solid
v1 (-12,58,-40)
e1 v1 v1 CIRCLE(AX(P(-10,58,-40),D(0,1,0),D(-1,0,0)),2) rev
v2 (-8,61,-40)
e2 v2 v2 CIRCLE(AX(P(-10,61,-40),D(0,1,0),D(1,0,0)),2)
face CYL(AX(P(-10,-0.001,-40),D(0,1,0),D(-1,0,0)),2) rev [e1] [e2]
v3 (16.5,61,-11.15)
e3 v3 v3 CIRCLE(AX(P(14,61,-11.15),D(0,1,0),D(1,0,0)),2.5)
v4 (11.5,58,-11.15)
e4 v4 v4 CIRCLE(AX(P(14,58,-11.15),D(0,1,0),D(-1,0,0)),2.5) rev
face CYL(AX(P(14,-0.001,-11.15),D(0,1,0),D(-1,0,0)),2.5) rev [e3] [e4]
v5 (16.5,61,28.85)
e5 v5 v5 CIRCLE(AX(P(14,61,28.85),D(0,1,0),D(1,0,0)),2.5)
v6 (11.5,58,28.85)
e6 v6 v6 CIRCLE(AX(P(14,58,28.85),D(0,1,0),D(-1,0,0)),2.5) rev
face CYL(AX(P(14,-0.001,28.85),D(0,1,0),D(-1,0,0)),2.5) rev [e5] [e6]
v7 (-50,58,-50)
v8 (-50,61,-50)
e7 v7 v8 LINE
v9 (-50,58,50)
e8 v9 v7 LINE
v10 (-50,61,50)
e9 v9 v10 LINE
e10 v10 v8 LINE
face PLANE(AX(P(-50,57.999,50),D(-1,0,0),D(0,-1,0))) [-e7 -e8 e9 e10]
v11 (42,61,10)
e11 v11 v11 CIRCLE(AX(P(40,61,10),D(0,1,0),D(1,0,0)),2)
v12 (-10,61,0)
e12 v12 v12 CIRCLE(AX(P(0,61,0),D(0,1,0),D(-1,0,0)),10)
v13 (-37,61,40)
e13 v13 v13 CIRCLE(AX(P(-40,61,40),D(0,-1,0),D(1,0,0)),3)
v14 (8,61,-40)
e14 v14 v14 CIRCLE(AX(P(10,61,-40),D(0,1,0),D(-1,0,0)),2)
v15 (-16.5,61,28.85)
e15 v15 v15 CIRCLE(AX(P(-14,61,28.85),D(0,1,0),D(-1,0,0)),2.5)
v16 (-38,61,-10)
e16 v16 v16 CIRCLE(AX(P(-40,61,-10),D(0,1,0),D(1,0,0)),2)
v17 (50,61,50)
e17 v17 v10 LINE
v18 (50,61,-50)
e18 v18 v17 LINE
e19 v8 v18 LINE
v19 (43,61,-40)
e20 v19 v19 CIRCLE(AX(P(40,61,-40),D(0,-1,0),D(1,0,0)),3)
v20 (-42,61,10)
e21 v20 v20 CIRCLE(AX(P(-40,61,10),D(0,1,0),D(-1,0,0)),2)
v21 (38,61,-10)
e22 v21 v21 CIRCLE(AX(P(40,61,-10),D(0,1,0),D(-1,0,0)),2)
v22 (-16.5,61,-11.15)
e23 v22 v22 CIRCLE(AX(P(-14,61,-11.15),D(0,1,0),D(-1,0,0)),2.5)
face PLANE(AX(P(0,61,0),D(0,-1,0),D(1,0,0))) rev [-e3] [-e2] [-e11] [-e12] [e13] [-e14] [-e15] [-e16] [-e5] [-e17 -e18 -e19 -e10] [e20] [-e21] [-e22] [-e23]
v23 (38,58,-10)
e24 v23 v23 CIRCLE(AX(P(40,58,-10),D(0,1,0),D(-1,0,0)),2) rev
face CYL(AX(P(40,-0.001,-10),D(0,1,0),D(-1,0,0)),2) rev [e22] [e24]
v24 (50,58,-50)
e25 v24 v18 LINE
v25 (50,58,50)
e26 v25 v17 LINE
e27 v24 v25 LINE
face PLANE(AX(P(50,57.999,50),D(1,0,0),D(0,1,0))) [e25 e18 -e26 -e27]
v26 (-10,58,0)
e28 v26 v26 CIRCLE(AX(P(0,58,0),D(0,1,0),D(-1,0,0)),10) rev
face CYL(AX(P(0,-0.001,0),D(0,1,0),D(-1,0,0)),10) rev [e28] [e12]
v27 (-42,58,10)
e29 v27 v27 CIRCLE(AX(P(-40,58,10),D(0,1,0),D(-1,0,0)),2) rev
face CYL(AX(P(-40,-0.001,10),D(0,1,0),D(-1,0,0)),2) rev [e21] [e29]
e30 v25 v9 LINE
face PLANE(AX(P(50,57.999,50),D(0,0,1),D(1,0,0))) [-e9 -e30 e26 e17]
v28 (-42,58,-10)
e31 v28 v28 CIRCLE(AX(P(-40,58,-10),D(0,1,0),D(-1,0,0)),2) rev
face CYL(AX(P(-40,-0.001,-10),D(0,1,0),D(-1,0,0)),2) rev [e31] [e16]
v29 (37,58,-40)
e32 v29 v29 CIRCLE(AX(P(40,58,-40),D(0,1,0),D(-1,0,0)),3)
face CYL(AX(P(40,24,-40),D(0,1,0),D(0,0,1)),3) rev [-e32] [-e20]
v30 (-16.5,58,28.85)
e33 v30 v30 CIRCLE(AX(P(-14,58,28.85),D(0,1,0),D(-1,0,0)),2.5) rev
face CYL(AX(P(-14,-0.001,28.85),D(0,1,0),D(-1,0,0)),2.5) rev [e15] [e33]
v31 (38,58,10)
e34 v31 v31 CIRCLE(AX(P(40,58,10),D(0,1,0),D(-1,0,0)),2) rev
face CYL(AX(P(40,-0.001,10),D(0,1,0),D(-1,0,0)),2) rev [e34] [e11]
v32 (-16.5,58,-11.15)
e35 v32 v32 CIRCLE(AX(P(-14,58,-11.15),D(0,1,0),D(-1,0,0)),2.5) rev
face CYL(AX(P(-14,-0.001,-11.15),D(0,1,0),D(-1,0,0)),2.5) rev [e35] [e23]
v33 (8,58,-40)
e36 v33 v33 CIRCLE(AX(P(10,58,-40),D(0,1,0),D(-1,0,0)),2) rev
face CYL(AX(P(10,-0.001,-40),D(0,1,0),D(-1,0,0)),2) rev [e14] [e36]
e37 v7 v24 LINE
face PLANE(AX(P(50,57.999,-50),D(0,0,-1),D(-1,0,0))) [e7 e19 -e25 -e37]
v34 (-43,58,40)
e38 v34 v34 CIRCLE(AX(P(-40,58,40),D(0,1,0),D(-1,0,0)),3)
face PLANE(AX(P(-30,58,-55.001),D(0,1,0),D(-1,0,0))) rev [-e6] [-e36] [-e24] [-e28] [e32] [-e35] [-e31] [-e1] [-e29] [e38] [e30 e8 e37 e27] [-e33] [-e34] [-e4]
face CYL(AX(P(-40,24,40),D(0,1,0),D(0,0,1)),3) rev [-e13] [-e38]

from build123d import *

# Parameters (mm, degrees)
SKETCH2_W               = 110
SKETCH2_H               = 110
SKETCH2_W_2             = 100
SKETCH2_H_2             = 100
BOSS_EXTRUDE1_DEPTH     = 89
SKETCH3_W               = 110
SKETCH3_H               = 110
BOSS_EXTRUDE2_DEPTH     = 8
CUT_EXTRUDE1_REACH      = 112
SKETCH6_W               = 60
SKETCH6_H               = 58
SKETCH9_W               = 110
SKETCH9_H               = 110
BOSS_EXTRUDE3_DEPTH     = 3
CUT_EXTRUDE2_REACH      = 63
SKETCH10_R              = 10
BOSS_EXTRUDE4_DEPTH     = 1.5
BOSS_EXTRUDE5_DEPTH     = 1.5
SKETCH14_R              = 3
CUT_EXTRUDE3_DEPTH      = 73
SKETCH15_W              = 2
SKETCH15_H              = 2
CUT_EXTRUDE4_DEPTH      = 113
CUT_EXTRUDE4_DEPTH_BACK = 13
CUT_EXTRUDE5_REACH      = 63
SKETCH16_R              = 2.5
SKETCH17_R              = 14
SKETCH17_R_2            = 11
BOSS_EXTRUDE6_DEPTH     = 7
CUT_EXTRUDE8_REACH      = 7
SKETCH20_R              = 2
SKETCH18_R              = 2
CUT_EXTRUDE6_DEPTH      = 73.5
CUT_EXTRUDE7_REACH      = 63
SKETCH19_R              = 2
SKETCH21_R              = 24
SKETCH21_R_2            = 21
BOSS_EXTRUDE7_DEPTH     = 5
SKETCH23_W              = 110
SKETCH23_H              = 110
CUT_EXTRUDE9_DEPTH      = 58
SKETCH24_W              = 110
SKETCH24_H              = 110
CUT_EXTRUDE10_DEPTH     = 34
CUT_EXTRUDE11_REACH     = 12
SKETCH25_W              = 110
SKETCH25_H              = 110
SKETCH25_W_2            = 100
SKETCH25_H_2            = 100
SKETCH26_R              = 14
CUT_EXTRUDE13_DEPTH     = 7


with BuildPart() as part:
    # Sketch2 → Boss-Extrude1 (new body)
    with BuildSketch(Plane(origin=(0, 0, 0), x_dir=(1, 0, 0), z_dir=(0, 1, 0))):
        Rectangle(SKETCH2_W, SKETCH2_H)
        Rectangle(SKETCH2_W_2, SKETCH2_H_2, mode=Mode.SUBTRACT)
    extrude(amount=BOSS_EXTRUDE1_DEPTH)

    # Sketch3 → Boss-Extrude2 (add)
    with BuildSketch(Plane(origin=(0, 89, 0), x_dir=(1, 0, 0), z_dir=(0, 1, 0))):
        Rectangle(SKETCH3_W, SKETCH3_H)
    extrude(amount=BOSS_EXTRUDE2_DEPTH)

    # Sketch6 → Cut-Extrude1 (cut, up to next)
    with BuildSketch(Plane.XY.offset(55), mode=Mode.PRIVATE) as cut_extrude1_sk1:
        with Locations((0, 29)):
            Rectangle(SKETCH6_W, SKETCH6_H)
    cut_extrude1_tool1 = extrude(cut_extrude1_sk1.sketch, amount=-CUT_EXTRUDE1_REACH, mode=Mode.PRIVATE) & part.part
    add(cut_extrude1_tool1.solids().sort_by_distance((0, 29, 55))[0], mode=Mode.SUBTRACT)

    # Sketch8 → Cut-Revolve1 (revolve, cut)
    with BuildSketch(Plane.XY):
        Polygon((0, 97), (-21, 97), (-21, 94.5), (-16.2, 94.5), (-16.2, 88.5), (0, 88.5), align=None)
    revolve(axis=Axis((0, 0, 0), (0, 1, 0)), mode=Mode.SUBTRACT)

    # Sketch9 → Boss-Extrude3 (add)
    with BuildSketch(Plane.XZ.offset(-58)):
        Rectangle(SKETCH9_W, SKETCH9_H)
    extrude(amount=-BOSS_EXTRUDE3_DEPTH)

    # Sketch10 → Cut-Extrude2 (cut, up to next)
    with BuildSketch(Plane(origin=(0, 61, 0), x_dir=(1, 0, 0), z_dir=(0, 1, 0)), mode=Mode.PRIVATE) as cut_extrude2_sk1:
        Circle(SKETCH10_R)
    cut_extrude2_tool1 = extrude(cut_extrude2_sk1.sketch, amount=-CUT_EXTRUDE2_REACH, mode=Mode.PRIVATE) & part.part
    add(cut_extrude2_tool1.solids().sort_by_distance((0, 61, 0))[0], mode=Mode.SUBTRACT)

    # Sketch11 → Boss-Extrude4 (add, symmetric)
    with BuildSketch(Plane.XY):
        Polygon((-50, 89), (-35, 89), (-50, 69), align=None)
    boss_extrude4 = extrude(amount=BOSS_EXTRUDE4_DEPTH, both=True)

    # Mirror1: Boss-Extrude4 across plane
    add(boss_extrude4.mirror(Plane(origin=(0, 0, 0), x_dir=(0, 0, 1), z_dir=(1, 0, 0))))

    # Sketch12 → Boss-Extrude5 (add, symmetric)
    with BuildSketch(Plane(origin=(0, 0, 0), x_dir=(0, 0, -1), z_dir=(1, 0, 0))):
        Polygon((-35, 89), (-50, 89), (-50, 69), align=None)
    boss_extrude5 = extrude(amount=BOSS_EXTRUDE5_DEPTH, both=True)

    # Mirror2: Boss-Extrude5 across plane
    add(boss_extrude5.mirror(Plane.XY))

    # Sketch14 → Cut-Extrude3 (cut)
    with BuildSketch(Plane(origin=(0, 97, 0), x_dir=(1, 0, 0), z_dir=(0, 1, 0))):
        with Locations((40, 40)):
            Circle(SKETCH14_R)
        with Locations((-40, -40)):
            Circle(SKETCH14_R)
    extrude(amount=-CUT_EXTRUDE3_DEPTH, mode=Mode.SUBTRACT)

    # Sketch15 → Cut-Extrude4 (cut, two sides)
    with BuildSketch(Plane(origin=(-50, 0, 0), x_dir=(0, 0, -1), z_dir=(1, 0, 0))) as cut_extrude4_sk:
        with Locations((-24, 62)):
            Rectangle(SKETCH15_W, SKETCH15_H)
        with Locations((24, 62)):
            Rectangle(SKETCH15_W, SKETCH15_H)
    extrude(amount=CUT_EXTRUDE4_DEPTH, mode=Mode.SUBTRACT)
    extrude(cut_extrude4_sk.sketch, amount=-CUT_EXTRUDE4_DEPTH_BACK, mode=Mode.SUBTRACT)

    # Sketch16 → Cut-Extrude5 (cut, up to next)
    with BuildSketch(Plane(origin=(0, 61, 0), x_dir=(1, 0, 0), z_dir=(0, 1, 0)), mode=Mode.PRIVATE) as cut_extrude5_sk1:
        with Locations((-14, 11.15)):
            Circle(SKETCH16_R)
    cut_extrude5_tool1 = extrude(cut_extrude5_sk1.sketch, amount=-CUT_EXTRUDE5_REACH, mode=Mode.PRIVATE) & part.part
    add(cut_extrude5_tool1.solids().sort_by_distance((-14, 61, -11.15))[0], mode=Mode.SUBTRACT)
    # Sketch16 → Cut-Extrude5 (cut, up to next)
    with BuildSketch(Plane(origin=(0, 61, 0), x_dir=(1, 0, 0), z_dir=(0, 1, 0)), mode=Mode.PRIVATE) as cut_extrude5_sk2:
        with Locations((-14, -28.85)):
            Circle(SKETCH16_R)
    cut_extrude5_tool2 = extrude(cut_extrude5_sk2.sketch, amount=-CUT_EXTRUDE5_REACH, mode=Mode.PRIVATE) & part.part
    add(cut_extrude5_tool2.solids().sort_by_distance((-14, 61, 28.85))[0], mode=Mode.SUBTRACT)
    # Sketch16 → Cut-Extrude5 (cut, up to next)
    with BuildSketch(Plane(origin=(0, 61, 0), x_dir=(1, 0, 0), z_dir=(0, 1, 0)), mode=Mode.PRIVATE) as cut_extrude5_sk3:
        with Locations((14, -28.85)):
            Circle(SKETCH16_R)
    cut_extrude5_tool3 = extrude(cut_extrude5_sk3.sketch, amount=-CUT_EXTRUDE5_REACH, mode=Mode.PRIVATE) & part.part
    add(cut_extrude5_tool3.solids().sort_by_distance((14, 61, 28.85))[0], mode=Mode.SUBTRACT)
    # Sketch16 → Cut-Extrude5 (cut, up to next)
    with BuildSketch(Plane(origin=(0, 61, 0), x_dir=(1, 0, 0), z_dir=(0, 1, 0)), mode=Mode.PRIVATE) as cut_extrude5_sk4:
        with Locations((14, 11.15)):
            Circle(SKETCH16_R)
    cut_extrude5_tool4 = extrude(cut_extrude5_sk4.sketch, amount=-CUT_EXTRUDE5_REACH, mode=Mode.PRIVATE) & part.part
    add(cut_extrude5_tool4.solids().sort_by_distance((14, 61, -11.15))[0], mode=Mode.SUBTRACT)

    # Sketch17 → Boss-Extrude6 (add)
    with BuildSketch(Plane(origin=(0, 61, 0), x_dir=(1, 0, 0), z_dir=(0, 1, 0))):
        Circle(SKETCH17_R)
        Circle(SKETCH17_R_2, mode=Mode.SUBTRACT)
    extrude(amount=BOSS_EXTRUDE6_DEPTH)

    # Sketch20 → Cut-Extrude8 (cut, up to next)
    with BuildSketch(Plane.XY.offset(-50), mode=Mode.PRIVATE) as cut_extrude8_sk1:
        with Locations((10, 48)):
            Circle(SKETCH20_R)
    cut_extrude8_tool1 = extrude(cut_extrude8_sk1.sketch, amount=-CUT_EXTRUDE8_REACH, mode=Mode.PRIVATE) & part.part
    add(cut_extrude8_tool1.solids().sort_by_distance((10, 48, -50))[0], mode=Mode.SUBTRACT)
    # Sketch20 → Cut-Extrude8 (cut, up to next)
    with BuildSketch(Plane.XY.offset(-50), mode=Mode.PRIVATE) as cut_extrude8_sk2:
        with Locations((-10, 48)):
            Circle(SKETCH20_R)
    cut_extrude8_tool2 = extrude(cut_extrude8_sk2.sketch, amount=-CUT_EXTRUDE8_REACH, mode=Mode.PRIVATE) & part.part
    add(cut_extrude8_tool2.solids().sort_by_distance((-10, 48, -50))[0], mode=Mode.SUBTRACT)

    # Sketch18 → Cut-Extrude6 (cut, symmetric)
    with BuildSketch(Plane(origin=(0, 0, 0), x_dir=(0, 0, -1), z_dir=(1, 0, 0))):
        with Locations((10, 48)):
            Circle(SKETCH18_R)
        with Locations((-10, 48)):
            Circle(SKETCH18_R)
    extrude(amount=CUT_EXTRUDE6_DEPTH, both=True, mode=Mode.SUBTRACT)

    # Sketch19 → Cut-Extrude7 (cut, up to next)
    with BuildSketch(Plane(origin=(0, 61, 0), x_dir=(1, 0, 0), z_dir=(0, 1, 0)), mode=Mode.PRIVATE) as cut_extrude7_sk1:
        with Locations((40, 10)):
            Circle(SKETCH19_R)
    cut_extrude7_tool1 = extrude(cut_extrude7_sk1.sketch, amount=-CUT_EXTRUDE7_REACH, mode=Mode.PRIVATE) & part.part
    add(cut_extrude7_tool1.solids().sort_by_distance((40, 61, -10))[0], mode=Mode.SUBTRACT)
    # Sketch19 → Cut-Extrude7 (cut, up to next)
    with BuildSketch(Plane(origin=(0, 61, 0), x_dir=(1, 0, 0), z_dir=(0, 1, 0)), mode=Mode.PRIVATE) as cut_extrude7_sk2:
        with Locations((40, -10)):
            Circle(SKETCH19_R)
    cut_extrude7_tool2 = extrude(cut_extrude7_sk2.sketch, amount=-CUT_EXTRUDE7_REACH, mode=Mode.PRIVATE) & part.part
    add(cut_extrude7_tool2.solids().sort_by_distance((40, 61, 10))[0], mode=Mode.SUBTRACT)
    # Sketch19 → Cut-Extrude7 (cut, up to next)
    with BuildSketch(Plane(origin=(0, 61, 0), x_dir=(1, 0, 0), z_dir=(0, 1, 0)), mode=Mode.PRIVATE) as cut_extrude7_sk3:
        with Locations((-40, -10)):
            Circle(SKETCH19_R)
    cut_extrude7_tool3 = extrude(cut_extrude7_sk3.sketch, amount=-CUT_EXTRUDE7_REACH, mode=Mode.PRIVATE) & part.part
    add(cut_extrude7_tool3.solids().sort_by_distance((-40, 61, 10))[0], mode=Mode.SUBTRACT)
    # Sketch19 → Cut-Extrude7 (cut, up to next)
    with BuildSketch(Plane(origin=(0, 61, 0), x_dir=(1, 0, 0), z_dir=(0, 1, 0)), mode=Mode.PRIVATE) as cut_extrude7_sk4:
        with Locations((-40, 10)):
            Circle(SKETCH19_R)
    cut_extrude7_tool4 = extrude(cut_extrude7_sk4.sketch, amount=-CUT_EXTRUDE7_REACH, mode=Mode.PRIVATE) & part.part
    add(cut_extrude7_tool4.solids().sort_by_distance((-40, 61, -10))[0], mode=Mode.SUBTRACT)
    # Sketch19 → Cut-Extrude7 (cut, up to next)
    with BuildSketch(Plane(origin=(0, 61, 0), x_dir=(1, 0, 0), z_dir=(0, 1, 0)), mode=Mode.PRIVATE) as cut_extrude7_sk5:
        with Locations((10, 40)):
            Circle(SKETCH19_R)
    cut_extrude7_tool5 = extrude(cut_extrude7_sk5.sketch, amount=-CUT_EXTRUDE7_REACH, mode=Mode.PRIVATE) & part.part
    add(cut_extrude7_tool5.solids().sort_by_distance((10, 61, -40))[0], mode=Mode.SUBTRACT)
    # Sketch19 → Cut-Extrude7 (cut, up to next)
    with BuildSketch(Plane(origin=(0, 61, 0), x_dir=(1, 0, 0), z_dir=(0, 1, 0)), mode=Mode.PRIVATE) as cut_extrude7_sk6:
        with Locations((-10, 40)):
            Circle(SKETCH19_R)
    cut_extrude7_tool6 = extrude(cut_extrude7_sk6.sketch, amount=-CUT_EXTRUDE7_REACH, mode=Mode.PRIVATE) & part.part
    add(cut_extrude7_tool6.solids().sort_by_distance((-10, 61, -40))[0], mode=Mode.SUBTRACT)

    # Sketch21 → Boss-Extrude7 (add)
    with BuildSketch(Plane(origin=(0, 97, 0), x_dir=(1, 0, 0), z_dir=(0, 1, 0))):
        Circle(SKETCH21_R)
        Circle(SKETCH21_R_2, mode=Mode.SUBTRACT)
    extrude(amount=BOSS_EXTRUDE7_DEPTH)

    # Sketch23 → Cut-Extrude9 (cut)
    with BuildSketch(Plane.XZ):
        Rectangle(SKETCH23_W, SKETCH23_H)
    extrude(amount=-CUT_EXTRUDE9_DEPTH, mode=Mode.SUBTRACT)

    # Sketch24 → Cut-Extrude10 (cut)
    with BuildSketch(Plane(origin=(0, 102, 0), x_dir=(1, 0, 0), z_dir=(0, 1, 0))):
        Rectangle(SKETCH24_W, SKETCH24_H)
    extrude(amount=-CUT_EXTRUDE10_DEPTH, mode=Mode.SUBTRACT)

    # Sketch25 → Cut-Extrude11 (cut, up to next)
    with BuildSketch(Plane(origin=(0, 68, 0), x_dir=(1, 0, 0), z_dir=(0, 1, 0)), mode=Mode.PRIVATE) as cut_extrude11_sk1:
        Rectangle(SKETCH25_W, SKETCH25_H)
        Rectangle(SKETCH25_W_2, SKETCH25_H_2, mode=Mode.SUBTRACT)
    cut_extrude11_tool1 = extrude(cut_extrude11_sk1.sketch, amount=-CUT_EXTRUDE11_REACH, mode=Mode.PRIVATE) & part.part
    add(cut_extrude11_tool1.solids().sort_by_distance((0, 68, 53.444365))[0], mode=Mode.SUBTRACT)

    # Sketch26 → Cut-Extrude13 (cut)
    with BuildSketch(Plane(origin=(0, 68, 0), x_dir=(1, 0, 0), z_dir=(0, 1, 0))):
        Circle(SKETCH26_R)
    extrude(amount=-CUT_EXTRUDE13_DEPTH, mode=Mode.SUBTRACT)


solid = part.part
